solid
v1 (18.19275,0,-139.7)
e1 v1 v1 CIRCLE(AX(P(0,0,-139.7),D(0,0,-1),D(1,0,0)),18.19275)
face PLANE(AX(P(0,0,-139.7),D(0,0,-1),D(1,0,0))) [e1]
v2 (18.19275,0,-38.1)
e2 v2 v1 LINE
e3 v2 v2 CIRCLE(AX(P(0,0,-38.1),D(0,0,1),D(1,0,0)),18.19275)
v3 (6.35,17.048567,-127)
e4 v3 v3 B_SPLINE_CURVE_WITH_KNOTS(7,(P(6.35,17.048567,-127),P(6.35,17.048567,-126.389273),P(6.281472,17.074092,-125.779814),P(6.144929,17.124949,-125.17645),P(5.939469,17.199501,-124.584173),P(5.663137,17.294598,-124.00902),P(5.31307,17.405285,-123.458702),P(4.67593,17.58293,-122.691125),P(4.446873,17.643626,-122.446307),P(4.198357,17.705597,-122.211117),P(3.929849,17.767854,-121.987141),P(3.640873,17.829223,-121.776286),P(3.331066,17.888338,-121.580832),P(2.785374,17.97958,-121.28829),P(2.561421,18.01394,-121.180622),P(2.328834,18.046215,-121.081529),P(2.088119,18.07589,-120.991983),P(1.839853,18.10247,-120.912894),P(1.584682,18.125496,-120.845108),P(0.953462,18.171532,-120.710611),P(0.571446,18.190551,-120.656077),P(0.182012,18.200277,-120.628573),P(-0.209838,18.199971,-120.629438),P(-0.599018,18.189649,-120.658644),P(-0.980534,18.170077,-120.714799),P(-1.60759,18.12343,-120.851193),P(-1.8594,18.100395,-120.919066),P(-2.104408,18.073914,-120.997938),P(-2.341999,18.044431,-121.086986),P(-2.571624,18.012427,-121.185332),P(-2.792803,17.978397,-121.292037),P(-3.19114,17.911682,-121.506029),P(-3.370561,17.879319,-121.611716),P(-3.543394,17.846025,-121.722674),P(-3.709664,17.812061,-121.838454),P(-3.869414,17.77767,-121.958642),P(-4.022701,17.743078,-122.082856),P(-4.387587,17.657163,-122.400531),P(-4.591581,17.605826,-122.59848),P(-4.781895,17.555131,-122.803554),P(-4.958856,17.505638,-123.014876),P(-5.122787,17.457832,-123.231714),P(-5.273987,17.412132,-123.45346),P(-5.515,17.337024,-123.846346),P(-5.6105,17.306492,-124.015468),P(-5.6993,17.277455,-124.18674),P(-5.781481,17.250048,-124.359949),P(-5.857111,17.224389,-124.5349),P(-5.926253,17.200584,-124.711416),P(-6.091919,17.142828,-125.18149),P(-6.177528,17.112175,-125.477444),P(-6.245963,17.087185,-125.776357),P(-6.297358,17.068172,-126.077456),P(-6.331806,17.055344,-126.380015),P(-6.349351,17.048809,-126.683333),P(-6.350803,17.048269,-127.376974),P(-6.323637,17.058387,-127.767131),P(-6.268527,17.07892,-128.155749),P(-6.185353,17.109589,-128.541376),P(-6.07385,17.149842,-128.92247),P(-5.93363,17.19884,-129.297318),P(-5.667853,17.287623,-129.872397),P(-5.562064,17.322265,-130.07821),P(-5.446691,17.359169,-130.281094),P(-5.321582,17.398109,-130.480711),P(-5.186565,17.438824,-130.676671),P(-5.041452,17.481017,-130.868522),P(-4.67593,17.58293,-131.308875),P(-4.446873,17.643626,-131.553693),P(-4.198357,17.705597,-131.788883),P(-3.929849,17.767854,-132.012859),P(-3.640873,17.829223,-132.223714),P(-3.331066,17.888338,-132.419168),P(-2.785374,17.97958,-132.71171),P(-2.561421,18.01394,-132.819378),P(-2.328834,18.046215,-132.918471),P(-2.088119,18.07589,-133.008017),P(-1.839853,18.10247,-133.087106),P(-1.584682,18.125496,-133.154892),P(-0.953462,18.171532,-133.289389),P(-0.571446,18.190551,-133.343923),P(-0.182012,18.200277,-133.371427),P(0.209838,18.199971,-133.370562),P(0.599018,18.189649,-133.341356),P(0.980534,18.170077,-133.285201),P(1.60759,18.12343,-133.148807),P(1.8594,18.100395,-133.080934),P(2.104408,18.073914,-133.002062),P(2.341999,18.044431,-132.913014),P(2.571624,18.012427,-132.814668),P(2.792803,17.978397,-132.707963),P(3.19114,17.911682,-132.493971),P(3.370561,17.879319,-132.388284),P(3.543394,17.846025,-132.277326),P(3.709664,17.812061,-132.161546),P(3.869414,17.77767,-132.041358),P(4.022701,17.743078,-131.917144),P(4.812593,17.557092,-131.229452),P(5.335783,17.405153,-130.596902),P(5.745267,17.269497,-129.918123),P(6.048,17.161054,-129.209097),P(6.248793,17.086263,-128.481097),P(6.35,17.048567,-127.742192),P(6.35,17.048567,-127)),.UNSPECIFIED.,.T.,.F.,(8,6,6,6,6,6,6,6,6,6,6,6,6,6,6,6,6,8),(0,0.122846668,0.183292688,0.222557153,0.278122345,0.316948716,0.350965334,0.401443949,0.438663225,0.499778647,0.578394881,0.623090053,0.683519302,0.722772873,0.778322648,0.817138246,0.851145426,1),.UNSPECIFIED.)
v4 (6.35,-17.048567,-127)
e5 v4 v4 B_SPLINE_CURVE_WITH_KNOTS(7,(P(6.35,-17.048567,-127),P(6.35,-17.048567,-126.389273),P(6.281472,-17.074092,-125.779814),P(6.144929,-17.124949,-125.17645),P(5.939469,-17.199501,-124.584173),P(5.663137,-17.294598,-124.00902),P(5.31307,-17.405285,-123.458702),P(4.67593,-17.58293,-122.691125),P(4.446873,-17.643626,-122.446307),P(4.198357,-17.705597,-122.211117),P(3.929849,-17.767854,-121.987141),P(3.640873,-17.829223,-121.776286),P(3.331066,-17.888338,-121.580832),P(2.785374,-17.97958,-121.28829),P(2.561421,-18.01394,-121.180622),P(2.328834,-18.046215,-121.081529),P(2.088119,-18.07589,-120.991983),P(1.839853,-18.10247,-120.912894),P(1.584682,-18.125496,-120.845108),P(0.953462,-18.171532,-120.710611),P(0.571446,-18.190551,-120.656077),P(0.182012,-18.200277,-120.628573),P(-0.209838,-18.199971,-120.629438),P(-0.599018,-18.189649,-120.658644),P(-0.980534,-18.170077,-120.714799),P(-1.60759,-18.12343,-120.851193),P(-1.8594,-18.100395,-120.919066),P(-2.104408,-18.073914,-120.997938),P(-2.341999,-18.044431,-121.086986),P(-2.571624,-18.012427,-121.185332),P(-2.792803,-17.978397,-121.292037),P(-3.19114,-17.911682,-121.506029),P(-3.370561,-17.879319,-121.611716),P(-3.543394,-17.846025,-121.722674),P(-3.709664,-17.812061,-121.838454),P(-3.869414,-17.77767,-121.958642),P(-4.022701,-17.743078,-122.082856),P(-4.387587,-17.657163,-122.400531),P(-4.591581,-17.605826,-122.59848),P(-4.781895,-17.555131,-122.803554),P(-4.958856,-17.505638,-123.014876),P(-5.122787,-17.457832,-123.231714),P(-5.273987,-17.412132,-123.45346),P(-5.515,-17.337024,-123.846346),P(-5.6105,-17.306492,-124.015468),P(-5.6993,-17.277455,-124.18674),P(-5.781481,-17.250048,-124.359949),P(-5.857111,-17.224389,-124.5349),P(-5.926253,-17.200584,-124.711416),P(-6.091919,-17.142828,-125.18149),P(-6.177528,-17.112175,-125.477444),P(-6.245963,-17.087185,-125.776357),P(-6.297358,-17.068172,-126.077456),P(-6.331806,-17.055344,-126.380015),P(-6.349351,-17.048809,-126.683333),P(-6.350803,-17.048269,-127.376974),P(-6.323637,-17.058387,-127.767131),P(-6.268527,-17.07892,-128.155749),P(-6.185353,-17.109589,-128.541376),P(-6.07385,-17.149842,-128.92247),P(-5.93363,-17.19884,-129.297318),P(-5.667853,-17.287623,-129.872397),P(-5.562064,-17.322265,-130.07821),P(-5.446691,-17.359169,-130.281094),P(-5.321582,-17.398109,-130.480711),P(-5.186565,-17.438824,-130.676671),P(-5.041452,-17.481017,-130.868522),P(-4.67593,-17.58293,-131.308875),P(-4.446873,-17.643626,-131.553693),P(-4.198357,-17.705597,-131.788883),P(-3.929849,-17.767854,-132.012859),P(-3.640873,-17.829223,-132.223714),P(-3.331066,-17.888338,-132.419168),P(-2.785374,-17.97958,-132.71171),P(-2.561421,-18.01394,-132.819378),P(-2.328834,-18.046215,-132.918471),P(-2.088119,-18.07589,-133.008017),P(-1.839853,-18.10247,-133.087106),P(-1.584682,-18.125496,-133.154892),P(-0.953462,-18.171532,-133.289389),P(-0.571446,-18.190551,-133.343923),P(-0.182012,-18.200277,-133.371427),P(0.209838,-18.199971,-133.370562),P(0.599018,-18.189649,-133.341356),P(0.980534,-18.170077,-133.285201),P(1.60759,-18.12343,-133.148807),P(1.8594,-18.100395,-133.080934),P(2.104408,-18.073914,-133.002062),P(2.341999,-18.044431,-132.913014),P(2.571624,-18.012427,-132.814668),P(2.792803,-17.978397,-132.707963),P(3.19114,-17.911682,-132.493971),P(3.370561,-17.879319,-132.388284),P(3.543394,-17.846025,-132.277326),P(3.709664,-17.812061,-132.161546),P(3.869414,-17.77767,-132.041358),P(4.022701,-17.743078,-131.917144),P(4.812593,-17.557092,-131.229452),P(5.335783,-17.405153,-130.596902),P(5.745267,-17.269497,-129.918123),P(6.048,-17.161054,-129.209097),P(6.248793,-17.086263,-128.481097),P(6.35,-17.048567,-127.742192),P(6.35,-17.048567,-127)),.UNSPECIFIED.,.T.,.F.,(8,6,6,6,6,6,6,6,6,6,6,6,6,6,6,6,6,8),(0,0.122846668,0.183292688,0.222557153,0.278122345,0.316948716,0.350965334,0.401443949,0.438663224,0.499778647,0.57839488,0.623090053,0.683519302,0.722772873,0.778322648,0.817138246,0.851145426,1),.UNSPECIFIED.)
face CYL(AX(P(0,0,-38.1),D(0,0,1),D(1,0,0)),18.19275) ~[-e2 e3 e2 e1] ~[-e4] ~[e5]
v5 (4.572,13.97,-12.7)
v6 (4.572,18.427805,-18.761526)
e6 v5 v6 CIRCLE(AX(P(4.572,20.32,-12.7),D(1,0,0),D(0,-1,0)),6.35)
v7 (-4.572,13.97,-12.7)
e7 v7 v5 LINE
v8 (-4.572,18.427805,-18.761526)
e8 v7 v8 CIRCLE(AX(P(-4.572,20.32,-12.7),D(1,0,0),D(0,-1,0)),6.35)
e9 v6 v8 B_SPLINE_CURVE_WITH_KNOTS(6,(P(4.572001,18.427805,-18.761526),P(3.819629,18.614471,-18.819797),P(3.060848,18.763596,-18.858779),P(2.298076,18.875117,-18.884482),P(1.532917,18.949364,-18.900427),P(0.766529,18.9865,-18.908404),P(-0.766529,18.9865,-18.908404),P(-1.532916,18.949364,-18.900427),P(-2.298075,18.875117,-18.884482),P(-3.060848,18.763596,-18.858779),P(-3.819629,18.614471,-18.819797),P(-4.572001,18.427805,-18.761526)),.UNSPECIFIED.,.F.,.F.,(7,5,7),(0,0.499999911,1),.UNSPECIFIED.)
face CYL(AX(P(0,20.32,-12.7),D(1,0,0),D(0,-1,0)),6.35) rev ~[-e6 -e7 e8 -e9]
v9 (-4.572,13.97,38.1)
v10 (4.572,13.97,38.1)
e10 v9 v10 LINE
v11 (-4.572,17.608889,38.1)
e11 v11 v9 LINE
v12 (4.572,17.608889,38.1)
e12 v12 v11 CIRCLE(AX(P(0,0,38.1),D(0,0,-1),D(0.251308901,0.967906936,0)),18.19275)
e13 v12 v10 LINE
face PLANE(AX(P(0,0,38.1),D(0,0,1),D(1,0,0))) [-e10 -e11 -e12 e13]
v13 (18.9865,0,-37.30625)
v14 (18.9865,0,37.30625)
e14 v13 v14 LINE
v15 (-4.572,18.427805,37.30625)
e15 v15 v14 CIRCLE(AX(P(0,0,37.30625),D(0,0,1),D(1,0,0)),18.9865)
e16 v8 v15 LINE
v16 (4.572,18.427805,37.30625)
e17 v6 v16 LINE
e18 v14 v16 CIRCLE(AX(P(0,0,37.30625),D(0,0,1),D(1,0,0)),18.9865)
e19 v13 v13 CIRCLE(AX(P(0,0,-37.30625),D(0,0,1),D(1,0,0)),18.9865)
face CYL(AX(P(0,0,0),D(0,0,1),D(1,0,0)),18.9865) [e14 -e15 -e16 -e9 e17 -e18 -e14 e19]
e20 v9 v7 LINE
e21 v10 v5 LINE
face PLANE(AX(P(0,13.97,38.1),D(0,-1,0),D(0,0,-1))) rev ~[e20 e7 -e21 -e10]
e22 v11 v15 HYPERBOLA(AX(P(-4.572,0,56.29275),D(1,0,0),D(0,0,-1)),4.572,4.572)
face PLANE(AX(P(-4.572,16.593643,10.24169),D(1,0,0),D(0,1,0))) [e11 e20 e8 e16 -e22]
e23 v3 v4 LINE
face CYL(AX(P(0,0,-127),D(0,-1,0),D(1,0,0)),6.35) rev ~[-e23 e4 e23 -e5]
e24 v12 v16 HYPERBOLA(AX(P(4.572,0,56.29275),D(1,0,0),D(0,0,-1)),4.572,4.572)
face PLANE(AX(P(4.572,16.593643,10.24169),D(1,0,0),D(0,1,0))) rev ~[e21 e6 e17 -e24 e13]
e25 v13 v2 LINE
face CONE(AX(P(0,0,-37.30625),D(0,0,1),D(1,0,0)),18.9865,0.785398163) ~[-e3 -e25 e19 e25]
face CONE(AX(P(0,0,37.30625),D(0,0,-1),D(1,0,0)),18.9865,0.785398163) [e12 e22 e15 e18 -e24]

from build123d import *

# Parameters (mm, degrees)
F0_R     = 18.9865
F1_DEPTH = 38.1
F2_SIZE  = 0.79375
F4_DEPTH = 4.572
F5_R     = 18.19275
F6_DEPTH = 101.6
F7_R     = 6.35
F8_DEPTH = 38.1


with BuildPart() as f1:
    # F0 (on Top) → F1 (new body, symmetric)
    with BuildSketch(Plane.XY):
        Circle(F0_R)
    extrude(amount=F1_DEPTH, both=True)

    # F2
    f2_edges = [f1.edges().sort_by_distance(p)[0] for p in [
        (-18.9865, 0, 38.1),
        (-18.9865, 0, -38.1),
    ]]
    chamfer(f2_edges, length=F2_SIZE)

    # F3 (on Right) → F4 (cut, symmetric)
    with BuildSketch(Plane.YZ):
        with BuildLine():
            Line((19.05, 38.1), (13.97, 38.1))
            Line((13.97, 38.1), (13.97, -12.7))
            ThreePointArc((13.97, -12.7), (15.4013111503, -16.7160926284), (19.05, -18.9217039467))
            Line((19.05, -18.9217039467), (19.05, 38.1))
        make_face()
    extrude(amount=F4_DEPTH, both=True, mode=Mode.SUBTRACT)

    # F5 (on face) → F6 (join)
    with BuildSketch(Plane(origin=(0, 0, -38.1), x_dir=(1, 0, 0), z_dir=(0, 0, -1))):
        Circle(F5_R)
    extrude(amount=F6_DEPTH)

    # F7 (on Front) → F8 (cut, symmetric)
    with BuildSketch(Plane.XZ):
        with Locations((0, -127)):
            Circle(F7_R)
    extrude(amount=F8_DEPTH, both=True, mode=Mode.SUBTRACT)


solid = f1.part
